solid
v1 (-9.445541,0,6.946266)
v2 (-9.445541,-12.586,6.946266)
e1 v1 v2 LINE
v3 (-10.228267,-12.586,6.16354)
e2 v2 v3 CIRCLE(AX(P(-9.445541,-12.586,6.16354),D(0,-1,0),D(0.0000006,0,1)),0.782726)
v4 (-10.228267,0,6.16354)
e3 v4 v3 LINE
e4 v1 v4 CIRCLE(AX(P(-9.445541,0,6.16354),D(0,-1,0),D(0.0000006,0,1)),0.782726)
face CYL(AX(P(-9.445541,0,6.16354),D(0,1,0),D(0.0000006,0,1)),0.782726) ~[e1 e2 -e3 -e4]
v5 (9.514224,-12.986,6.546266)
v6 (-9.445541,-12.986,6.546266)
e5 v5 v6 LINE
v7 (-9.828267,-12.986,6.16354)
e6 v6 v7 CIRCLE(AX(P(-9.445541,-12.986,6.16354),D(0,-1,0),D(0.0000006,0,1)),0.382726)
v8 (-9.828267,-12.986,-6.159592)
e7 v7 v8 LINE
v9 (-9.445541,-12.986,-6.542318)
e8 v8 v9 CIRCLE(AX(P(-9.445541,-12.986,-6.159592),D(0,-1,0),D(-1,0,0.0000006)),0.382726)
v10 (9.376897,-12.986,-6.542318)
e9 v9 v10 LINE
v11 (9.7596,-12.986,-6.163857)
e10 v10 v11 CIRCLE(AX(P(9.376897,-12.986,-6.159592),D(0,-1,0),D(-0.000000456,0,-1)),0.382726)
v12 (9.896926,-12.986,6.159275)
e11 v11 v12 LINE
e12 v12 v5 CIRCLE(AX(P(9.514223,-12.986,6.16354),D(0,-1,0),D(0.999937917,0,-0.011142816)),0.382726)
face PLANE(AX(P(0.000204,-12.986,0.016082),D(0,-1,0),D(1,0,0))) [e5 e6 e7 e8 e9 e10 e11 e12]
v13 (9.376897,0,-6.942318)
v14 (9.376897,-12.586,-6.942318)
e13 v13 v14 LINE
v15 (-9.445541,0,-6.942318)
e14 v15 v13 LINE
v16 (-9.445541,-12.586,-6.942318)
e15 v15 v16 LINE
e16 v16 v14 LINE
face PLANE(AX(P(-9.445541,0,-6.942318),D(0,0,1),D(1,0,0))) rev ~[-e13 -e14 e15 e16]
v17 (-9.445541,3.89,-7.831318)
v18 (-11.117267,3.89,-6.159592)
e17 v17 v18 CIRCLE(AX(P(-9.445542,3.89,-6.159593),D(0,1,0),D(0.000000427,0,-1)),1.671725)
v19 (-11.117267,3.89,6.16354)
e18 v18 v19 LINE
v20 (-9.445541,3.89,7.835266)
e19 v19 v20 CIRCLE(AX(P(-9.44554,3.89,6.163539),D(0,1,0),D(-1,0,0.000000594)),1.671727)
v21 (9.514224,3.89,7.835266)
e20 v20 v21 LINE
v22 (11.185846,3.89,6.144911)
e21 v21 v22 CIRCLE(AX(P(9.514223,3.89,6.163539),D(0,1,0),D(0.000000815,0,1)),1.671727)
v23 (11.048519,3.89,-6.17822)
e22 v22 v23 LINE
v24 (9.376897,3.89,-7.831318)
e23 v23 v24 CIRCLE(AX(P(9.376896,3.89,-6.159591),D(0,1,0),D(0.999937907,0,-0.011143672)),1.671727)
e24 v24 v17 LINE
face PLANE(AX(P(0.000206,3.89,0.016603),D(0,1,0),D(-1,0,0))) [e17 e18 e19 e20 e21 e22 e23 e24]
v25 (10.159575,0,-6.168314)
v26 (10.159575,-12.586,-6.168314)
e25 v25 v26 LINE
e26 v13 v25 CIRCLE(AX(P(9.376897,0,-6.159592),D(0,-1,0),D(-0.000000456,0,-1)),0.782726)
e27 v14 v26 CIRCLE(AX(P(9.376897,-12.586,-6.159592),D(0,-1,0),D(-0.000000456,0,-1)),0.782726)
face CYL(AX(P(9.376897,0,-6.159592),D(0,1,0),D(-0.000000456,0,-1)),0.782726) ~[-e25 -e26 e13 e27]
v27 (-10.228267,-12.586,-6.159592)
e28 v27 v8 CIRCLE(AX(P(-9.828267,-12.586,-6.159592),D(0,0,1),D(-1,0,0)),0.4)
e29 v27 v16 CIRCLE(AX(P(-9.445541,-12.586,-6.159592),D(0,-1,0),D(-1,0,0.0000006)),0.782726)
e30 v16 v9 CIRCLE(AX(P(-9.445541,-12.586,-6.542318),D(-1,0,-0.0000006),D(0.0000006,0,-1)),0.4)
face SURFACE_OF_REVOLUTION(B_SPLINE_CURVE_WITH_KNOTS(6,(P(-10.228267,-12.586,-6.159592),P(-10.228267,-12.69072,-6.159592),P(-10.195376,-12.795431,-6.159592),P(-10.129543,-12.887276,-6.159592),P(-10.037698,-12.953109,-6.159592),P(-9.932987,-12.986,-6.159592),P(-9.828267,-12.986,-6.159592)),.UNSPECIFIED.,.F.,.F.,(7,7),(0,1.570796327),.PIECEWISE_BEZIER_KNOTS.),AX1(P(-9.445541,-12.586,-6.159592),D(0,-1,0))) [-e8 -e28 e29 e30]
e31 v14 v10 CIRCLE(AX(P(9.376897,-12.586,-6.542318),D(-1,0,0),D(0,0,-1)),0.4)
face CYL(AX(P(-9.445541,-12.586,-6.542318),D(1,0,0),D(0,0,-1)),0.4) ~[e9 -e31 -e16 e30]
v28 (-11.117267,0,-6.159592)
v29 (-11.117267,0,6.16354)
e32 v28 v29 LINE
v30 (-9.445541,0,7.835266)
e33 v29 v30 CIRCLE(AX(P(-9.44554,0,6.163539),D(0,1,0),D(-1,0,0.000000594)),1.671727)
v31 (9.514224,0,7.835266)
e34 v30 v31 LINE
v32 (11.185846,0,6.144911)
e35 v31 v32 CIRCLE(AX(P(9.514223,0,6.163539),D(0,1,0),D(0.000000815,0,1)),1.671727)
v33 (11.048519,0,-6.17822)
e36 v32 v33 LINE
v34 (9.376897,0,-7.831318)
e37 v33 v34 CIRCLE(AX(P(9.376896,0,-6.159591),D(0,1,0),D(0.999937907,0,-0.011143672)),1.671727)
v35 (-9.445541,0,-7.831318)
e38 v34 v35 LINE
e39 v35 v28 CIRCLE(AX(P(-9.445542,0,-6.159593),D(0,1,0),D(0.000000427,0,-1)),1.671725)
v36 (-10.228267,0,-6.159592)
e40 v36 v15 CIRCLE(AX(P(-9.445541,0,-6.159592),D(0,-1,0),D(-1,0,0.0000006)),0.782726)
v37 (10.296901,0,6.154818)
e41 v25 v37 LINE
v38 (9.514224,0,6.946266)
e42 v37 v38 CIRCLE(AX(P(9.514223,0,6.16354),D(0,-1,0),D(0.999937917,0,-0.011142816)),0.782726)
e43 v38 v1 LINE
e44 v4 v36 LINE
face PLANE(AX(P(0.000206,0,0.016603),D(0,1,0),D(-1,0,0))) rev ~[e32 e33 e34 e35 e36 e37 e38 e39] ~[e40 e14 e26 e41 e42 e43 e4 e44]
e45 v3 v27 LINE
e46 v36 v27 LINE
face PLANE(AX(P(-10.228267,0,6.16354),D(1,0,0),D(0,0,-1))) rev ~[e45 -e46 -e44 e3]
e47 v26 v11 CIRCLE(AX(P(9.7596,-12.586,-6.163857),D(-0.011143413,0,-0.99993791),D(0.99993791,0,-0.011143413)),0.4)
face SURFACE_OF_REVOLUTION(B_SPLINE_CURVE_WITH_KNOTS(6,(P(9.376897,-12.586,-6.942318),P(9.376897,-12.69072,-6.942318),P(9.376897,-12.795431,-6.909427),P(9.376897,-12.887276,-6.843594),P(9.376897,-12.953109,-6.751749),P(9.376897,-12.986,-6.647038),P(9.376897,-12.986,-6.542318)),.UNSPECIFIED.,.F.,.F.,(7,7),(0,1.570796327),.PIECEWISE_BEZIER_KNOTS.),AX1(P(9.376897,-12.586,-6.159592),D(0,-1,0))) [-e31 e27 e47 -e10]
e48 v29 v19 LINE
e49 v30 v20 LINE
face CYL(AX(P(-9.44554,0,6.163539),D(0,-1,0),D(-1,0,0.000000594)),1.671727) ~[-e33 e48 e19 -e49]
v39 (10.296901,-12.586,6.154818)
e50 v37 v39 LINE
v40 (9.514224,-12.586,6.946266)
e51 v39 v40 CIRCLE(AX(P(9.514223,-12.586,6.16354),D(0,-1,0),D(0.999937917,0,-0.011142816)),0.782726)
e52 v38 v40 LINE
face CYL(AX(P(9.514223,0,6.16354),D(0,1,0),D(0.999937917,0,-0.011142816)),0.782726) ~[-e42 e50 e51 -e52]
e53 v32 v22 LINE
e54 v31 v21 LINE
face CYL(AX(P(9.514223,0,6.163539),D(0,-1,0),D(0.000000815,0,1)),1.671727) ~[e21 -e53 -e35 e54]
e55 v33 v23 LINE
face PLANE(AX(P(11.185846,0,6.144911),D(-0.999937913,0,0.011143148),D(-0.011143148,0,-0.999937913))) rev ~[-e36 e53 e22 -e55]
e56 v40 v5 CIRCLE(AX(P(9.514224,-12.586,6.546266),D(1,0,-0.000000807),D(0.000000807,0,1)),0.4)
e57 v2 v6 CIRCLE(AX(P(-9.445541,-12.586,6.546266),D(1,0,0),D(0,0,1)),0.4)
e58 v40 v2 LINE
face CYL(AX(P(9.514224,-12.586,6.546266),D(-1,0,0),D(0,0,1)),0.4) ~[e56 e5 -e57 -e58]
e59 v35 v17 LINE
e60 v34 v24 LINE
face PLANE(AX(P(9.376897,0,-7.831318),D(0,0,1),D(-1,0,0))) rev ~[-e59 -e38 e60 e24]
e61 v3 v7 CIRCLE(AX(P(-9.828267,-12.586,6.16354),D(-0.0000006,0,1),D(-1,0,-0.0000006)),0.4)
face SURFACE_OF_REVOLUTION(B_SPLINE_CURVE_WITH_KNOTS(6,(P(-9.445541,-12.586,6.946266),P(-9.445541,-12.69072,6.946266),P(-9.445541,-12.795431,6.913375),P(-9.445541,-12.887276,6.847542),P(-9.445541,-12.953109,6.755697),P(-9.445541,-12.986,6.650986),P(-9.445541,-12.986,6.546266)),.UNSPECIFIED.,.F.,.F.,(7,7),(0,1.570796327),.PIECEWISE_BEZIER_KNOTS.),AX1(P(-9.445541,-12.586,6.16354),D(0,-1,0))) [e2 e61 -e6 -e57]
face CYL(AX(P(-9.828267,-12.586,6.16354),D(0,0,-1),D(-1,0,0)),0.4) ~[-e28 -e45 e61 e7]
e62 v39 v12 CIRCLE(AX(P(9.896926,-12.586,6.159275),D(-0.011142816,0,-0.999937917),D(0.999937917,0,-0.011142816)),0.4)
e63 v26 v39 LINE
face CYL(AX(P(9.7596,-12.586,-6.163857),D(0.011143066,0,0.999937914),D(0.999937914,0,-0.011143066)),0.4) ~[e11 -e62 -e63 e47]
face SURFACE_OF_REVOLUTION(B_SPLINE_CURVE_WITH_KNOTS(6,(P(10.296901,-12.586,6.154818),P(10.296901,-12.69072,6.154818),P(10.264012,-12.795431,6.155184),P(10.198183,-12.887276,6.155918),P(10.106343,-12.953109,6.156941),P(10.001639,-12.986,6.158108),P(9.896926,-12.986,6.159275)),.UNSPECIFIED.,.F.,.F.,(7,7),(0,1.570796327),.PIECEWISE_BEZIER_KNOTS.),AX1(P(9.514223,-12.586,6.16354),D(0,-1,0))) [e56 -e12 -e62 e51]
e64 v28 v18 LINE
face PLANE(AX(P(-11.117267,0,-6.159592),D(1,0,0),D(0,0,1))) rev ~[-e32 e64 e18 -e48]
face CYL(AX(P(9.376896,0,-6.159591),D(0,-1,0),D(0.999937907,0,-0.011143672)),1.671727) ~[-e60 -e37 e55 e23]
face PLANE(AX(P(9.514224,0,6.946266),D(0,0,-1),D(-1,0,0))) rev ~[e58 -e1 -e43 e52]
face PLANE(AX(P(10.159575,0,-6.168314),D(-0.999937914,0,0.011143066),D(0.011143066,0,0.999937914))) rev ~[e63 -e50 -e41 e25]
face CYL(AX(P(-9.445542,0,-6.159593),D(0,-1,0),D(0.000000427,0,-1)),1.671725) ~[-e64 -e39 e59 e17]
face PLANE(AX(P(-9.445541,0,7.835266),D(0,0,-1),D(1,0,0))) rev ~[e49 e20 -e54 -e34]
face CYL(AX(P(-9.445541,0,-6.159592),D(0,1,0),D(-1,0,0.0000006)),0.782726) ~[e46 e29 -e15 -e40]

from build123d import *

# Parameters (mm, degrees)
F1_DEPTH = 12.986
F3_DEPTH = 3.89
F4_R     = 0.4


with BuildPart() as f1:
    # F0 (on Front) → F1 (new body)
    with BuildSketch(Plane.XZ):
        with BuildLine():
            Line((9.514224, 6.946266), (-9.445541, 6.946266))
            ThreePointArc((-9.445541, 6.946266), (-9.999012, 6.717011), (-10.228267, 6.16354))
            Line((-10.228267, 6.16354), (-10.228267, -6.159592))
            ThreePointArc((-10.228267, -6.159592), (-9.999012, -6.713063), (-9.445541, -6.942318))
            Line((-9.445541, -6.942318), (9.376897, -6.942318))
            ThreePointArc((9.376897, -6.942318), (9.927276, -6.716138), (10.159575, -6.168314))
            Line((10.159575, -6.168314), (10.296901, 6.154818))
            ThreePointArc((10.296901, 6.154818), (10.07077, 6.713918), (9.514224, 6.946266))
        make_face()
    extrude(amount=F1_DEPTH)

    # F2 (on face) → F3 (join)
    with BuildSketch(Plane(origin=(0, 0, 0), x_dir=(-1, 0, 0), z_dir=(0, 1, 0))):
        with BuildLine():
            Line((11.117267, -6.159592), (11.117267, 6.16354))
            ThreePointArc((11.117267, 6.16354), (10.62763, 7.345628), (9.445541, 7.835266))
            Line((9.445541, 7.835266), (-9.514224, 7.835266))
            ThreePointArc((-9.514224, 7.835266), (-10.70288, 7.339024), (-11.185846, 6.144911))
            Line((-11.185846, 6.144911), (-11.048519, -6.17822))
            ThreePointArc((-11.048519, -6.17822), (-10.552381, -7.348248), (-9.376897, -7.831318))
            Line((-9.376897, -7.831318), (9.445541, -7.831318))
            ThreePointArc((9.445541, -7.831318), (10.62763, -7.341681), (11.117267, -6.159592))
        make_face()
        with BuildLine():
            Line((-10.159575, -6.168314), (-10.296901, 6.154818))
            ThreePointArc((-10.296901, 6.154818), (-10.07077, 6.713918), (-9.514224, 6.946266))
            Line((-9.514224, 6.946266), (9.445541, 6.946266))
            ThreePointArc((9.445541, 6.946266), (9.999012, 6.717011), (10.228267, 6.16354))
            Line((10.228267, 6.16354), (10.228267, -6.159592))
            ThreePointArc((10.228267, -6.159592), (9.999012, -6.713063), (9.445541, -6.942318))
            Line((9.445541, -6.942318), (-9.376897, -6.942318))
            ThreePointArc((-9.376897, -6.942318), (-9.927276, -6.716138), (-10.159575, -6.168314))
        make_face(mode=Mode.SUBTRACT)
        with BuildLine():
            ThreePointArc((-9.514224, 6.946266), (-10.07077, 6.713918), (-10.296901, 6.154818))
            Line((-10.296901, 6.154818), (-10.159575, -6.168314))
            ThreePointArc((-10.159575, -6.168314), (-9.927276, -6.716138), (-9.376897, -6.942318))
            Line((-9.376897, -6.942318), (9.445541, -6.942318))
            ThreePointArc((9.445541, -6.942318), (9.999012, -6.713063), (10.228267, -6.159592))
            Line((10.228267, -6.159592), (10.228267, 6.16354))
            ThreePointArc((10.228267, 6.16354), (9.999012, 6.717011), (9.445541, 6.946266))
            Line((9.445541, 6.946266), (-9.514224, 6.946266))
        make_face()
    extrude(amount=F3_DEPTH)

    # F4
    f4_edges = [f1.edges().sort_by_distance(p)[0] for p in [
        (10.07077, -12.986, 6.713918),
        (0.034341, -12.986, 6.946266),
        (-9.999012, -12.986, 6.717011),
        (-10.228267, -12.986, 0.001974),
        (-9.999012, -12.986, -6.713063),
        (-0.034322, -12.986, -6.942318),
        (9.927276, -12.986, -6.716138),
        (10.228238, -12.986, -0.006748),
    ]]
    fillet(f4_edges, radius=F4_R)


solid = f1.part
